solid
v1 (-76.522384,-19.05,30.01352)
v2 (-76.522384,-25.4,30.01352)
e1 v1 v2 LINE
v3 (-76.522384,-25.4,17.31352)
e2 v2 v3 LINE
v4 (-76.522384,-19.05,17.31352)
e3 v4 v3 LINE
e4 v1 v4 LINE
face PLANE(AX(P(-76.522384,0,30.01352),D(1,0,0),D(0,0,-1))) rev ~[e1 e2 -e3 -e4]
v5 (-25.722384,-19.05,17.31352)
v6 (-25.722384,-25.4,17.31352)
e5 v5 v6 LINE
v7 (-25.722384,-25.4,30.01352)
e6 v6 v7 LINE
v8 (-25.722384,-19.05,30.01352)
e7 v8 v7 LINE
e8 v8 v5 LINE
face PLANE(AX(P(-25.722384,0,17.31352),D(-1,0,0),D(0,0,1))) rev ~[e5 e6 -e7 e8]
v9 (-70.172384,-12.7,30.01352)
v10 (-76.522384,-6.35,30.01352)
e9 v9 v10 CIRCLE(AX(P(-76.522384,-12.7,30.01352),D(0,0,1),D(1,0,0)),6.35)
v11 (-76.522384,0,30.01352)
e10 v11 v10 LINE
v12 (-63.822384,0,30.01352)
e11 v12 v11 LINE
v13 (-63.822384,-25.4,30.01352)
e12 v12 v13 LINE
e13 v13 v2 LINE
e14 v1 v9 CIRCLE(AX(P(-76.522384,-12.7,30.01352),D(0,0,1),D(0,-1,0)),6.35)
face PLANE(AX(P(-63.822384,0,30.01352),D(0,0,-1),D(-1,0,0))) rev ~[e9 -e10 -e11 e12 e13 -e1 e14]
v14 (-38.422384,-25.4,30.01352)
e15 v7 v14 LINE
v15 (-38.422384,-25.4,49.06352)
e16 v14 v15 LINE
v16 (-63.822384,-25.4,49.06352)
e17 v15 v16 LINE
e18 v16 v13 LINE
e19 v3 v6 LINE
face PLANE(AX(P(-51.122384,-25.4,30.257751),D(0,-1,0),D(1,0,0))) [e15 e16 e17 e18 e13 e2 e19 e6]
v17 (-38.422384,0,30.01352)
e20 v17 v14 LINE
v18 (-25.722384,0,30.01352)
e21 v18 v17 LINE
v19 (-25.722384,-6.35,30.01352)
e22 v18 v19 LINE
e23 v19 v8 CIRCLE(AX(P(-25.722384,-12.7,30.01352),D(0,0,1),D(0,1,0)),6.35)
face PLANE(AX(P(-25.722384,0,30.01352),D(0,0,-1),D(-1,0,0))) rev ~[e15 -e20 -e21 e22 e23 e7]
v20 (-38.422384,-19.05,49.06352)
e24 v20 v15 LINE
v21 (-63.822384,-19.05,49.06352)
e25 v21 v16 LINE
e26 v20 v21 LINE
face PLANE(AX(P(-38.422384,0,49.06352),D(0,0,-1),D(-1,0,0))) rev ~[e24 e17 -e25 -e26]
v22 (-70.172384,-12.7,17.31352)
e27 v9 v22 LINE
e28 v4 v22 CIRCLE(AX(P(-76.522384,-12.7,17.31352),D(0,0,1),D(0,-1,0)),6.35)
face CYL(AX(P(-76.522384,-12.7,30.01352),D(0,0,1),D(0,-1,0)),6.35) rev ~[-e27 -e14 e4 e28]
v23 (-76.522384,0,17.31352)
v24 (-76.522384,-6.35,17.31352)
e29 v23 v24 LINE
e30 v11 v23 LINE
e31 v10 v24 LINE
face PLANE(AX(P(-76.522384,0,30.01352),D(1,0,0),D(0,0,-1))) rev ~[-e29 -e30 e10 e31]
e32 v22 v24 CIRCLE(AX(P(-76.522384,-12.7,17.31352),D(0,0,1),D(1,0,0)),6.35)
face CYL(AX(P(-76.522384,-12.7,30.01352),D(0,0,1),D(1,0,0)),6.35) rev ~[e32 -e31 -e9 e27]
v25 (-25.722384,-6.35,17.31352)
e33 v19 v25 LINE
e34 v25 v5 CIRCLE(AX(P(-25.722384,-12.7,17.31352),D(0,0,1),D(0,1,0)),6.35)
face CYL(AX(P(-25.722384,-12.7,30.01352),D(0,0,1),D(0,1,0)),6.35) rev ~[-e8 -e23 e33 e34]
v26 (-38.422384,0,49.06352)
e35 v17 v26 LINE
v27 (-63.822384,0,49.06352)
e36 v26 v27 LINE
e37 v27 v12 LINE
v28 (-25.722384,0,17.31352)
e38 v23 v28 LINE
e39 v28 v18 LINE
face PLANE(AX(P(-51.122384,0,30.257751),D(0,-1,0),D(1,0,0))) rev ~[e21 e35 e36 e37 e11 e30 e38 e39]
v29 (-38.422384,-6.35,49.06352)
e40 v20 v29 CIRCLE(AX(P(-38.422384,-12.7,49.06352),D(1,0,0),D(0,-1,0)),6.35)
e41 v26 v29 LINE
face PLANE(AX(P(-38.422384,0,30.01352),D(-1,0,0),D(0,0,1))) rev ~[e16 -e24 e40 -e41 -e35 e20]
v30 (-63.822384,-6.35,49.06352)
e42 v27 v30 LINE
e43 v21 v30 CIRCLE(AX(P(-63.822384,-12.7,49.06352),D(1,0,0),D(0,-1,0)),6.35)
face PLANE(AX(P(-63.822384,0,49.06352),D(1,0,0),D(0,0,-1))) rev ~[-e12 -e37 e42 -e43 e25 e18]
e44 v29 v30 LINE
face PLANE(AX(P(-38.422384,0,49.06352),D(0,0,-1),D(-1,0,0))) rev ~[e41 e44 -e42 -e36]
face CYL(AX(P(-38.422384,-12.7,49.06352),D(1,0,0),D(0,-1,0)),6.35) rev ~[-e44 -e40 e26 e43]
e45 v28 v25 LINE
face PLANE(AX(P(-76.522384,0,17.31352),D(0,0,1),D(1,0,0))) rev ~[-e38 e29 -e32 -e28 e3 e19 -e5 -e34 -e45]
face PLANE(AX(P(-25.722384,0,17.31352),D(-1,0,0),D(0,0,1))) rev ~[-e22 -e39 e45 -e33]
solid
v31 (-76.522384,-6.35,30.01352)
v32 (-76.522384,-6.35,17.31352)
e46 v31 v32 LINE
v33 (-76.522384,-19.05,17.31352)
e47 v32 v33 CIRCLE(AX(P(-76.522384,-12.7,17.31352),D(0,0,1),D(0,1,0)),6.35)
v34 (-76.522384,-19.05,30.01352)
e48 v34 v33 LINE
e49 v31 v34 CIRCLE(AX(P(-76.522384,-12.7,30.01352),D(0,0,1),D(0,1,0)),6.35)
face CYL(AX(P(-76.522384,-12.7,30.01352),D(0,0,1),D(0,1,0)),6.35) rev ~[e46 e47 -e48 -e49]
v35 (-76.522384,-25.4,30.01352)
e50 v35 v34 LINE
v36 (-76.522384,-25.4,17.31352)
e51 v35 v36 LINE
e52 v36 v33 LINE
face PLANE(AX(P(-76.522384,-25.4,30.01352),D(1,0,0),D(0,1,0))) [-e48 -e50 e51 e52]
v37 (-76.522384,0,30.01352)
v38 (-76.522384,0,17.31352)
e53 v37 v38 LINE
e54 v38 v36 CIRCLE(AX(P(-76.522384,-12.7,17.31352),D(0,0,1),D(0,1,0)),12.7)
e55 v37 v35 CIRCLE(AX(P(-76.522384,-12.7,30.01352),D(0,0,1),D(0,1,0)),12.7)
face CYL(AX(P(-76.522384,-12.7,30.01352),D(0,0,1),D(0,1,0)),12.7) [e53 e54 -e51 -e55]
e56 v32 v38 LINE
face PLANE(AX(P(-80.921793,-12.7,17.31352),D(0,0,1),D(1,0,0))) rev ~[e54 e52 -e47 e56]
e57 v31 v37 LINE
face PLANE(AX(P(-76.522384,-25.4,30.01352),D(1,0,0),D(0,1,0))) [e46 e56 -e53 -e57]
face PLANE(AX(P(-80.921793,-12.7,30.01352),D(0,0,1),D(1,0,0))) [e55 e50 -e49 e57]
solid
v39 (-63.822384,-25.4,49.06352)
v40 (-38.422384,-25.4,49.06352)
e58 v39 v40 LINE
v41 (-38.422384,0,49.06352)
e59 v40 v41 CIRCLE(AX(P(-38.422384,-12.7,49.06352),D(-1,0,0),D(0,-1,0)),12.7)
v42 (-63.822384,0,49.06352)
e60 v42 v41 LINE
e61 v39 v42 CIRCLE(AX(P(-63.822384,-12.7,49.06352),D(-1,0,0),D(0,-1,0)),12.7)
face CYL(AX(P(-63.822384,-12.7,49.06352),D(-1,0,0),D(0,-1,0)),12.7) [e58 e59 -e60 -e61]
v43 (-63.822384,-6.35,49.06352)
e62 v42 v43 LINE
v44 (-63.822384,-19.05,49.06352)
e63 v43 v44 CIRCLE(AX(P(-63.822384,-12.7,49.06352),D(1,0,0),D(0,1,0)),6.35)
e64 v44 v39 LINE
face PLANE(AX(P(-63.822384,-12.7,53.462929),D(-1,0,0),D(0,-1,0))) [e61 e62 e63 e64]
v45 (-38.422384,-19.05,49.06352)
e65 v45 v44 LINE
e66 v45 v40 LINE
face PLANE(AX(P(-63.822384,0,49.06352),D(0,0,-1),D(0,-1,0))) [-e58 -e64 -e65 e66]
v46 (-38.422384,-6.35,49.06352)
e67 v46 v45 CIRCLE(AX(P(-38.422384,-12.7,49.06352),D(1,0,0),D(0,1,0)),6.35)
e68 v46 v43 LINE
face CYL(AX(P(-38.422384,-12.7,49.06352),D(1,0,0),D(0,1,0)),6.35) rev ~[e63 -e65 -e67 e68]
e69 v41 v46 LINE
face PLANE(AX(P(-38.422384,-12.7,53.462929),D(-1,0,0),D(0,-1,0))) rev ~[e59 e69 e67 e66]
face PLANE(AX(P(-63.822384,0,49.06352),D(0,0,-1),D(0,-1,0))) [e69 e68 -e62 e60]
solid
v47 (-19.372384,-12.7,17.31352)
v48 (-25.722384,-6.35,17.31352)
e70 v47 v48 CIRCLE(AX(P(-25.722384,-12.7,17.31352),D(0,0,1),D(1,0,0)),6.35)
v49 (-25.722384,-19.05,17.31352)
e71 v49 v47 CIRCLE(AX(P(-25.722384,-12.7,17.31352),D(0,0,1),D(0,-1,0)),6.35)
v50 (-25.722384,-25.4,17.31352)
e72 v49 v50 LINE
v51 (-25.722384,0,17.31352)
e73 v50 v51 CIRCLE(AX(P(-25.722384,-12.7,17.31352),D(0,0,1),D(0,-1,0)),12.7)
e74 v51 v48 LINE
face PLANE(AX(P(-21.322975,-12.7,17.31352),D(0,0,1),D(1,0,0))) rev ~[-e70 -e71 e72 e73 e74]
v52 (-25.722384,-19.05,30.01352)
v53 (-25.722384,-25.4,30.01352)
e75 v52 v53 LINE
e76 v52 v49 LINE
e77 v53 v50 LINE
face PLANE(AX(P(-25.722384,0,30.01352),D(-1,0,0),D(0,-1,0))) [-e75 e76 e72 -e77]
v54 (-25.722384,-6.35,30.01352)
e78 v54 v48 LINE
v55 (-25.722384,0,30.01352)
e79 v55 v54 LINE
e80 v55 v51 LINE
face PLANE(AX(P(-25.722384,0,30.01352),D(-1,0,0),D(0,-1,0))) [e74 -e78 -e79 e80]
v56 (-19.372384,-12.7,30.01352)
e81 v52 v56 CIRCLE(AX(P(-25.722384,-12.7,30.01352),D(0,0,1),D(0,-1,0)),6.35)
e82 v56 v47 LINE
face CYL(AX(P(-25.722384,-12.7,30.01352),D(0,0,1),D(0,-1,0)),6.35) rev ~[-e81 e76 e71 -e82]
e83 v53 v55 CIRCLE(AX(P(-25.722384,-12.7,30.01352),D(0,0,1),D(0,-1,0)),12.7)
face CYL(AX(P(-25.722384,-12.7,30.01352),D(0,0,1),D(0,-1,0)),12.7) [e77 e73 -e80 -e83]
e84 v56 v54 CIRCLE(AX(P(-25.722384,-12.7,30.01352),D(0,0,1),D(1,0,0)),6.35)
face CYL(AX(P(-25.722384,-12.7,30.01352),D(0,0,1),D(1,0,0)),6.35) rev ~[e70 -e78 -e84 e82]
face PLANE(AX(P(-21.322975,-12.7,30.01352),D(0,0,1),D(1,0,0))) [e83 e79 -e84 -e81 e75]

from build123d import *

# Parameters (mm, degrees)
F1_DEPTH  = 25.4
F3_DEPTH  = 25.4
F5_DEPTH  = 25.4
F7_DEPTH  = 25.4
F9_DEPTH  = 12.7
F11_DEPTH = 12.7
F13_DEPTH = 12.7
F15_DEPTH = 12.7
F17_DEPTH = 12.7
F19_DEPTH = 12.7


with BuildPart() as f1:
    # F0 (on Front) → F1 (new body)
    with BuildSketch(Plane.XZ):
        Polygon((-63.8223838828, 30.0135200279), (-76.5223838828, 30.0135200279), (-76.5223838828, 17.3135200279), (-25.7223838828, 17.3135200279), (-25.7223838828, 30.0135200279), (-38.4223838828, 30.0135200279), (-38.4223838828, 49.0635200279), (-63.8223838828, 49.0635200279), align=None)
    extrude(amount=F1_DEPTH)

    # F6 (on face) → F7 (cut)
    with BuildSketch(Plane.YZ.offset(-38.4223838828)):
        with BuildLine():
            ThreePointArc((-19.05, 49.0635200279), (-12.7, 42.7135200279), (-6.35, 49.0635200279))
            Line((-6.35, 49.0635200279), (-19.05, 49.0635200279))
        make_face()
    extrude(amount=-F7_DEPTH, mode=Mode.SUBTRACT)

    # F14 (on face) → F15 (cut)
    with BuildSketch(Plane.XY.offset(30.0135200279)):
        with BuildLine():
            Line((-25.7223838828, -19.05), (-25.7223838828, -6.35))
            ThreePointArc((-25.7223838828, -6.35), (-32.0723838828, -12.7), (-25.7223838828, -19.05))
        make_face()
    extrude(amount=-F15_DEPTH, mode=Mode.SUBTRACT)

    # F18 (on face) → F19 (cut)
    with BuildSketch(Plane.XY.offset(30.0135200279)):
        with BuildLine():
            ThreePointArc((-76.5223838828, -19.05), (-72.0322558223, -17.1901280605), (-70.1723838828, -12.7))
            ThreePointArc((-70.1723838828, -12.7), (-72.0322558223, -8.2098719395), (-76.5223838828, -6.35))
            Line((-76.5223838828, -6.35), (-76.5223838828, -19.05))
        make_face()
    extrude(amount=-F19_DEPTH, mode=Mode.SUBTRACT)


with BuildPart() as f3:
    # F2 (on face) → F3 (new body)
    with BuildSketch(Plane(origin=(-63.8223838828, 0, 0), x_dir=(0, -1, 0), z_dir=(-1, 0, 0))):
        with BuildLine():
            Line((0, 49.0635200279), (25.4, 49.0635200279))
            ThreePointArc((25.4, 49.0635200279), (12.7, 61.7635200279), (0, 49.0635200279))
        make_face()
    extrude(amount=-F3_DEPTH)

    # F4 (on face) → F5 (cut)
    with BuildSketch(Plane.YZ.offset(-38.4223838828)):
        with BuildLine():
            Line((-19.05, 49.0635200279), (-6.35, 49.0635200279))
            ThreePointArc((-6.35, 49.0635200279), (-12.7, 55.4135200279), (-19.05, 49.0635200279))
        make_face()
    extrude(amount=-F5_DEPTH, mode=Mode.SUBTRACT)


with BuildPart() as f9:
    # F8 (on face) → F9 (new body)
    with BuildSketch(Plane.XY.offset(30.0135200279)):
        with BuildLine():
            Line((-25.7223838828, 0), (-25.7223838828, -25.4))
            ThreePointArc((-25.7223838828, -25.4), (-13.0223838828, -12.7), (-25.7223838828, 0))
        make_face()
    extrude(amount=-F9_DEPTH)

    # F12 (on face) → F13 (cut)
    with BuildSketch(Plane.XY.offset(30.0135200279)):
        with BuildLine():
            ThreePointArc((-25.7223838828, -19.05), (-21.2322558223, -17.1901280605), (-19.3723838828, -12.7))
            ThreePointArc((-19.3723838828, -12.7), (-21.2322558223, -8.2098719395), (-25.7223838828, -6.35))
            Line((-25.7223838828, -6.35), (-25.7223838828, -19.05))
        make_face()
    extrude(amount=-F13_DEPTH, mode=Mode.SUBTRACT)


with BuildPart() as f11:
    # F10 (on face) → F11 (new body)
    with BuildSketch(Plane.XY.offset(30.0135200279)):
        with BuildLine():
            Line((-76.5223838828, -25.4), (-76.5223838828, 0))
            ThreePointArc((-76.5223838828, 0), (-89.2223838828, -12.7), (-76.5223838828, -25.4))
        make_face()
    extrude(amount=-F11_DEPTH)

    # F16 (on face) → F17 (cut)
    with BuildSketch(Plane.XY.offset(30.0135200279)):
        with BuildLine():
            Line((-76.5223838828, -19.05), (-76.5223838828, -6.35))
            ThreePointArc((-76.5223838828, -6.35), (-82.8723838828, -12.7), (-76.5223838828, -19.05))
        make_face()
    extrude(amount=-F17_DEPTH, mode=Mode.SUBTRACT)


solid = Compound([f1.part, f3.part, f9.part, f11.part])
